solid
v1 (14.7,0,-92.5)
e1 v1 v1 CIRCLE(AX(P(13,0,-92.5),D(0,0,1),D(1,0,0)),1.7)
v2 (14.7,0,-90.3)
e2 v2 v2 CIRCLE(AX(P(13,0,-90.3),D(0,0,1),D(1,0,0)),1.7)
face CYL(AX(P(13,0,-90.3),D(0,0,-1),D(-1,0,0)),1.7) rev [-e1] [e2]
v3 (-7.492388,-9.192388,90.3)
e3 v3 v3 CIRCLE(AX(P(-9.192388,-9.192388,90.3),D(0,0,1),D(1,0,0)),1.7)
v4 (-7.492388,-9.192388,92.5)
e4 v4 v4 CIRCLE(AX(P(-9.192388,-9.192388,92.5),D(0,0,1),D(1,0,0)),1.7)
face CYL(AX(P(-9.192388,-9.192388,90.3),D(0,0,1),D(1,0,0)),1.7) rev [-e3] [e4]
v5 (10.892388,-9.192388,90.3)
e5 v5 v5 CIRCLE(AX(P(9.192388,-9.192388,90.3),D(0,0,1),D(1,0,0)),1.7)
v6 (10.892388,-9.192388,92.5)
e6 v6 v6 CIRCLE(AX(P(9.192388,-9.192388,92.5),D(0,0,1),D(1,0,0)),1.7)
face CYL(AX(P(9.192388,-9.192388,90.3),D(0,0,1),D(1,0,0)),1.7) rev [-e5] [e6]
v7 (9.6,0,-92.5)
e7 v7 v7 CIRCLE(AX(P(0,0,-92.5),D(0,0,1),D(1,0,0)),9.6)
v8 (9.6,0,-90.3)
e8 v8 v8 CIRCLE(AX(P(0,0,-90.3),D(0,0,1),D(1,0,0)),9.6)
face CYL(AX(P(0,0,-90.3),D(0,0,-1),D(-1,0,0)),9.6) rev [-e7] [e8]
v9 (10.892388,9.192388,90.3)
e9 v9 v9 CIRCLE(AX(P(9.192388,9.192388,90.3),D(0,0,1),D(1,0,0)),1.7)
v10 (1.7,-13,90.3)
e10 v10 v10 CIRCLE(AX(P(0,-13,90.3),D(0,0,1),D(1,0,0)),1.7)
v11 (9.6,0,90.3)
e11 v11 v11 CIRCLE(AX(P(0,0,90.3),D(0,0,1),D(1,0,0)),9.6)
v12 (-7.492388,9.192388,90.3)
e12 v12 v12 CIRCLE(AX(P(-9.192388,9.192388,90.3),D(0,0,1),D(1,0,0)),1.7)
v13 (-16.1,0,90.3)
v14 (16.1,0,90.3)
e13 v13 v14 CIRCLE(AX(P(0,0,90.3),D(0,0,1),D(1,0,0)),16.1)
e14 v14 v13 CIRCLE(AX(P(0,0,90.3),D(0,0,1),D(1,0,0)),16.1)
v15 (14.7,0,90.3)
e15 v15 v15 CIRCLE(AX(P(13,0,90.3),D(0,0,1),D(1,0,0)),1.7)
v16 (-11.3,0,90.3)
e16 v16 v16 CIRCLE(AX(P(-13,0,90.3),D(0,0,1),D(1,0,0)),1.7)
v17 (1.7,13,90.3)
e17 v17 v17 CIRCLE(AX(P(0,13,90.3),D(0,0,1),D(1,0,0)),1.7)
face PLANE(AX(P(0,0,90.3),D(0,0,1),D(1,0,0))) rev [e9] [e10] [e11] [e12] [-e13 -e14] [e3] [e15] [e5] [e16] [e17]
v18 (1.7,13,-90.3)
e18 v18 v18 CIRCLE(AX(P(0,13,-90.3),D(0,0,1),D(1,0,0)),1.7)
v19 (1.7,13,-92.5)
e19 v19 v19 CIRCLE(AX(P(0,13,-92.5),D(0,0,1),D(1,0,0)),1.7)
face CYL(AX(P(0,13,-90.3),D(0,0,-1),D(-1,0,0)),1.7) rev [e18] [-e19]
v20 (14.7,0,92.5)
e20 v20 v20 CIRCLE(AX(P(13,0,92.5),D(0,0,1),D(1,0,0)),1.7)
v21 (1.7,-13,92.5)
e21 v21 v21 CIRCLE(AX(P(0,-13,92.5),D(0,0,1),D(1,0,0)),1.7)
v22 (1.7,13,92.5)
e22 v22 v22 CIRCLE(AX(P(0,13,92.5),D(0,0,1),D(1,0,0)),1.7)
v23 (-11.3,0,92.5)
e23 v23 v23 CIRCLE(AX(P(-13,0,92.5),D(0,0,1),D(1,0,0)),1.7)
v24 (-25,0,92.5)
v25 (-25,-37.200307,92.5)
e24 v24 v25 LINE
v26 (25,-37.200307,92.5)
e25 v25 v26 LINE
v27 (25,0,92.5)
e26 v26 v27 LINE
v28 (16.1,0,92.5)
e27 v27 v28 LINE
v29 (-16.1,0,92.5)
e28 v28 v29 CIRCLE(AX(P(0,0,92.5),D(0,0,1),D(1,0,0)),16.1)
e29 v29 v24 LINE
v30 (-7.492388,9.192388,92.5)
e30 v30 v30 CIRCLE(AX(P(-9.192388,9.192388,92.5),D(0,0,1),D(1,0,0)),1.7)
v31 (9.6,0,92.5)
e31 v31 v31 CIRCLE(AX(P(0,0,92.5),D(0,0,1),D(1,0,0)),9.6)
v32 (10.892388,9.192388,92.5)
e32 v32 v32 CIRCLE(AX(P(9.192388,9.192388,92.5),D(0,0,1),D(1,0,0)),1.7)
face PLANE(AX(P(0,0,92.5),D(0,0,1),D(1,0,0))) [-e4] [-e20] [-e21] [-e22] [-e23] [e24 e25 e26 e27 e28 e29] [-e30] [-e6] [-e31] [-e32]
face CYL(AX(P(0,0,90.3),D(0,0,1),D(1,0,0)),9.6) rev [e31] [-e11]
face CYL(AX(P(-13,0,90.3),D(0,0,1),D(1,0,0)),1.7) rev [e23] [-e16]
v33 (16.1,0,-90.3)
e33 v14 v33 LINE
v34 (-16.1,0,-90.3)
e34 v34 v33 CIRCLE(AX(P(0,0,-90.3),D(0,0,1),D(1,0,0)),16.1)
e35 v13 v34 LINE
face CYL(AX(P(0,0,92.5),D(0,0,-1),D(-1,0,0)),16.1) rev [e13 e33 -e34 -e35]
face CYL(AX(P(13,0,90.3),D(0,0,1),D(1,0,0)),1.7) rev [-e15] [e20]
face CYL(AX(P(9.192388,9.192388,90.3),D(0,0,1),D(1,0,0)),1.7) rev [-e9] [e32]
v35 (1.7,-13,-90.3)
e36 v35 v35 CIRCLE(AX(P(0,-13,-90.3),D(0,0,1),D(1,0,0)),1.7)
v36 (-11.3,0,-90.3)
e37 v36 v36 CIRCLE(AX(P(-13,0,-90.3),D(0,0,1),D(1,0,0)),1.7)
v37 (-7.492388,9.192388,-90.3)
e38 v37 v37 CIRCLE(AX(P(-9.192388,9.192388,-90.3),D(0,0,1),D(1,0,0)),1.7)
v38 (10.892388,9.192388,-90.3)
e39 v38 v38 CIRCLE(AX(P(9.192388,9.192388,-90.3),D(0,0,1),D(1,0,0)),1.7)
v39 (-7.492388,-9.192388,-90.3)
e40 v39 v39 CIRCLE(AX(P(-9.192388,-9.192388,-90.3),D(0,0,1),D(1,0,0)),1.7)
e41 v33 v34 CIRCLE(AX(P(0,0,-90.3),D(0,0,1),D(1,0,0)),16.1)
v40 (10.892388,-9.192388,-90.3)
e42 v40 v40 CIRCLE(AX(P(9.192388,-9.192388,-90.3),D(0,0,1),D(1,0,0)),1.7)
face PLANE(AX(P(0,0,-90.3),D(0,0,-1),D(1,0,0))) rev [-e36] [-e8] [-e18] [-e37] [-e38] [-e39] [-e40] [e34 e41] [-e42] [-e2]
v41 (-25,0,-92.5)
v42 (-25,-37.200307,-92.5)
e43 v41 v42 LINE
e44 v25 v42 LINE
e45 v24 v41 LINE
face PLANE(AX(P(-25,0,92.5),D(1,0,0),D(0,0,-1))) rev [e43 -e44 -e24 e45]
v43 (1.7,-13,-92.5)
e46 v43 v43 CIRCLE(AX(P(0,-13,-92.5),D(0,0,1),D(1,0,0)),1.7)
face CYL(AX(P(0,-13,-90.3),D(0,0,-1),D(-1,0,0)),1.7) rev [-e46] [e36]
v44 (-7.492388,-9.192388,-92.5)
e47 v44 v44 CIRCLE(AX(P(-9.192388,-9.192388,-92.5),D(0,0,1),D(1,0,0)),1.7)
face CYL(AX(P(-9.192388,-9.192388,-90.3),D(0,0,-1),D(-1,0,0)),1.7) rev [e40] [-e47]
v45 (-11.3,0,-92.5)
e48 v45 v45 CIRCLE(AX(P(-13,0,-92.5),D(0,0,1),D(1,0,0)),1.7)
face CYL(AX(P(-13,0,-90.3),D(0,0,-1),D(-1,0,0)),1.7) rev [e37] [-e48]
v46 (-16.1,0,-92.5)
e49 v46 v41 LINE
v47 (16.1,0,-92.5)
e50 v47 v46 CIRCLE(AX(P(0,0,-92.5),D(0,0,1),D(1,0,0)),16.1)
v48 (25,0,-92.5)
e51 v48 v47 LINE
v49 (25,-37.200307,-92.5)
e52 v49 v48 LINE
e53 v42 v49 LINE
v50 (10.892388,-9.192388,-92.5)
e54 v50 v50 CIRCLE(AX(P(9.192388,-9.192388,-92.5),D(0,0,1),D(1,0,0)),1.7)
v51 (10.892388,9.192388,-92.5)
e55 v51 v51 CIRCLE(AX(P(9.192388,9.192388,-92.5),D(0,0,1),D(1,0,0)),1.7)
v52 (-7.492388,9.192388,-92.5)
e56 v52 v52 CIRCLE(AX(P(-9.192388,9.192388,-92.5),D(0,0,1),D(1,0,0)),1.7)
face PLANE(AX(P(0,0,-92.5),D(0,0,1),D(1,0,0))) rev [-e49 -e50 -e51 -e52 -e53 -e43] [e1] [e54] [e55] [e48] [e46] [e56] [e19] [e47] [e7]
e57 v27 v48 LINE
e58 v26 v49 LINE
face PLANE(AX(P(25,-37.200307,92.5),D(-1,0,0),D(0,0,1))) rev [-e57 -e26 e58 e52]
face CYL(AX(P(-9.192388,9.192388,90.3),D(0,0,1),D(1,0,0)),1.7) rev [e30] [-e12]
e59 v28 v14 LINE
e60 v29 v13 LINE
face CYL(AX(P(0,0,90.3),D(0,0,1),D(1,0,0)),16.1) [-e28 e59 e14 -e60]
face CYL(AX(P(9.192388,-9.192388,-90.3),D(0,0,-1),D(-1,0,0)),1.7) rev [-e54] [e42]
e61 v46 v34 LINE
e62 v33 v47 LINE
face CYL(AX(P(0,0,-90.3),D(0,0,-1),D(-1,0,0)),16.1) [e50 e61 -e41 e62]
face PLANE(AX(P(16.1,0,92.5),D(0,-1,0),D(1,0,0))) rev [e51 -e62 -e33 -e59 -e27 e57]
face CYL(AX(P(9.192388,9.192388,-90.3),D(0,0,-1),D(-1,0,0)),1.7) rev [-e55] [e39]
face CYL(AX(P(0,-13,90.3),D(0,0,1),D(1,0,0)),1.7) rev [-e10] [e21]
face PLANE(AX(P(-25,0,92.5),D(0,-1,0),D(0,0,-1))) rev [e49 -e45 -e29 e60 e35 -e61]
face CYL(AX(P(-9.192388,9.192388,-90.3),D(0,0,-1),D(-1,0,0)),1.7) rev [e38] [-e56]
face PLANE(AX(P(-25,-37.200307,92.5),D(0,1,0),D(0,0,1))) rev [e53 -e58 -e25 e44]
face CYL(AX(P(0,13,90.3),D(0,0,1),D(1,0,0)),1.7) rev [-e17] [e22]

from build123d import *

# Parameters (mm, degrees)
BOSS_EXTRU_1_DEPTH = 92.5
ESQUISSE2_R        = 16.1
ESQUISSE2_R_2      = 1.7
ESQUISSE2_R_3      = 9.6
BOSS_EXTRU_2_DEPTH = 2.2


with BuildPart() as part:
    # Esquisse1 → Boss.-Extru.1 (new body, symmetric)
    with BuildSketch(Plane.XY):
        with BuildLine():
            Line((-25, 0), (-25, -37.200306763))
            Line((-25, -37.200306763), (25, -37.200306763))
            Line((25, -37.200306763), (25, 0))
            Line((25, 0), (16.1, 0))
            ThreePointArc((16.1, 0), (0, -16.1), (-16.1, 0))
            Line((-16.1, 0), (-25, 0))
        make_face()
    extrude(amount=BOSS_EXTRU_1_DEPTH, both=True)

    # Esquisse2 → Boss.-Extru.2 (add)
    with BuildSketch(Plane.XY.offset(92.5)):
        Circle(ESQUISSE2_R)
        with Locations((0, 13)):
            Circle(ESQUISSE2_R_2, mode=Mode.SUBTRACT)
        Circle(ESQUISSE2_R_3, mode=Mode.SUBTRACT)
        with Locations((9.192388155, 9.192388155)):
            Circle(ESQUISSE2_R_2, mode=Mode.SUBTRACT)
        with Locations((13, 0)):
            Circle(ESQUISSE2_R_2, mode=Mode.SUBTRACT)
        with Locations((9.192388155, -9.192388155)):
            Circle(ESQUISSE2_R_2, mode=Mode.SUBTRACT)
        with Locations((0, -13)):
            Circle(ESQUISSE2_R_2, mode=Mode.SUBTRACT)
        with Locations((-9.192388155, -9.192388155)):
            Circle(ESQUISSE2_R_2, mode=Mode.SUBTRACT)
        with Locations((-13, 0)):
            Circle(ESQUISSE2_R_2, mode=Mode.SUBTRACT)
        with Locations((-9.192388155, 9.192388155)):
            Circle(ESQUISSE2_R_2, mode=Mode.SUBTRACT)
    boss_extru_2 = extrude(amount=-BOSS_EXTRU_2_DEPTH)

    # Symétrie1: Boss.-Extru.2 across plane
    add(boss_extru_2.mirror(Plane.XY))


solid = part.part
